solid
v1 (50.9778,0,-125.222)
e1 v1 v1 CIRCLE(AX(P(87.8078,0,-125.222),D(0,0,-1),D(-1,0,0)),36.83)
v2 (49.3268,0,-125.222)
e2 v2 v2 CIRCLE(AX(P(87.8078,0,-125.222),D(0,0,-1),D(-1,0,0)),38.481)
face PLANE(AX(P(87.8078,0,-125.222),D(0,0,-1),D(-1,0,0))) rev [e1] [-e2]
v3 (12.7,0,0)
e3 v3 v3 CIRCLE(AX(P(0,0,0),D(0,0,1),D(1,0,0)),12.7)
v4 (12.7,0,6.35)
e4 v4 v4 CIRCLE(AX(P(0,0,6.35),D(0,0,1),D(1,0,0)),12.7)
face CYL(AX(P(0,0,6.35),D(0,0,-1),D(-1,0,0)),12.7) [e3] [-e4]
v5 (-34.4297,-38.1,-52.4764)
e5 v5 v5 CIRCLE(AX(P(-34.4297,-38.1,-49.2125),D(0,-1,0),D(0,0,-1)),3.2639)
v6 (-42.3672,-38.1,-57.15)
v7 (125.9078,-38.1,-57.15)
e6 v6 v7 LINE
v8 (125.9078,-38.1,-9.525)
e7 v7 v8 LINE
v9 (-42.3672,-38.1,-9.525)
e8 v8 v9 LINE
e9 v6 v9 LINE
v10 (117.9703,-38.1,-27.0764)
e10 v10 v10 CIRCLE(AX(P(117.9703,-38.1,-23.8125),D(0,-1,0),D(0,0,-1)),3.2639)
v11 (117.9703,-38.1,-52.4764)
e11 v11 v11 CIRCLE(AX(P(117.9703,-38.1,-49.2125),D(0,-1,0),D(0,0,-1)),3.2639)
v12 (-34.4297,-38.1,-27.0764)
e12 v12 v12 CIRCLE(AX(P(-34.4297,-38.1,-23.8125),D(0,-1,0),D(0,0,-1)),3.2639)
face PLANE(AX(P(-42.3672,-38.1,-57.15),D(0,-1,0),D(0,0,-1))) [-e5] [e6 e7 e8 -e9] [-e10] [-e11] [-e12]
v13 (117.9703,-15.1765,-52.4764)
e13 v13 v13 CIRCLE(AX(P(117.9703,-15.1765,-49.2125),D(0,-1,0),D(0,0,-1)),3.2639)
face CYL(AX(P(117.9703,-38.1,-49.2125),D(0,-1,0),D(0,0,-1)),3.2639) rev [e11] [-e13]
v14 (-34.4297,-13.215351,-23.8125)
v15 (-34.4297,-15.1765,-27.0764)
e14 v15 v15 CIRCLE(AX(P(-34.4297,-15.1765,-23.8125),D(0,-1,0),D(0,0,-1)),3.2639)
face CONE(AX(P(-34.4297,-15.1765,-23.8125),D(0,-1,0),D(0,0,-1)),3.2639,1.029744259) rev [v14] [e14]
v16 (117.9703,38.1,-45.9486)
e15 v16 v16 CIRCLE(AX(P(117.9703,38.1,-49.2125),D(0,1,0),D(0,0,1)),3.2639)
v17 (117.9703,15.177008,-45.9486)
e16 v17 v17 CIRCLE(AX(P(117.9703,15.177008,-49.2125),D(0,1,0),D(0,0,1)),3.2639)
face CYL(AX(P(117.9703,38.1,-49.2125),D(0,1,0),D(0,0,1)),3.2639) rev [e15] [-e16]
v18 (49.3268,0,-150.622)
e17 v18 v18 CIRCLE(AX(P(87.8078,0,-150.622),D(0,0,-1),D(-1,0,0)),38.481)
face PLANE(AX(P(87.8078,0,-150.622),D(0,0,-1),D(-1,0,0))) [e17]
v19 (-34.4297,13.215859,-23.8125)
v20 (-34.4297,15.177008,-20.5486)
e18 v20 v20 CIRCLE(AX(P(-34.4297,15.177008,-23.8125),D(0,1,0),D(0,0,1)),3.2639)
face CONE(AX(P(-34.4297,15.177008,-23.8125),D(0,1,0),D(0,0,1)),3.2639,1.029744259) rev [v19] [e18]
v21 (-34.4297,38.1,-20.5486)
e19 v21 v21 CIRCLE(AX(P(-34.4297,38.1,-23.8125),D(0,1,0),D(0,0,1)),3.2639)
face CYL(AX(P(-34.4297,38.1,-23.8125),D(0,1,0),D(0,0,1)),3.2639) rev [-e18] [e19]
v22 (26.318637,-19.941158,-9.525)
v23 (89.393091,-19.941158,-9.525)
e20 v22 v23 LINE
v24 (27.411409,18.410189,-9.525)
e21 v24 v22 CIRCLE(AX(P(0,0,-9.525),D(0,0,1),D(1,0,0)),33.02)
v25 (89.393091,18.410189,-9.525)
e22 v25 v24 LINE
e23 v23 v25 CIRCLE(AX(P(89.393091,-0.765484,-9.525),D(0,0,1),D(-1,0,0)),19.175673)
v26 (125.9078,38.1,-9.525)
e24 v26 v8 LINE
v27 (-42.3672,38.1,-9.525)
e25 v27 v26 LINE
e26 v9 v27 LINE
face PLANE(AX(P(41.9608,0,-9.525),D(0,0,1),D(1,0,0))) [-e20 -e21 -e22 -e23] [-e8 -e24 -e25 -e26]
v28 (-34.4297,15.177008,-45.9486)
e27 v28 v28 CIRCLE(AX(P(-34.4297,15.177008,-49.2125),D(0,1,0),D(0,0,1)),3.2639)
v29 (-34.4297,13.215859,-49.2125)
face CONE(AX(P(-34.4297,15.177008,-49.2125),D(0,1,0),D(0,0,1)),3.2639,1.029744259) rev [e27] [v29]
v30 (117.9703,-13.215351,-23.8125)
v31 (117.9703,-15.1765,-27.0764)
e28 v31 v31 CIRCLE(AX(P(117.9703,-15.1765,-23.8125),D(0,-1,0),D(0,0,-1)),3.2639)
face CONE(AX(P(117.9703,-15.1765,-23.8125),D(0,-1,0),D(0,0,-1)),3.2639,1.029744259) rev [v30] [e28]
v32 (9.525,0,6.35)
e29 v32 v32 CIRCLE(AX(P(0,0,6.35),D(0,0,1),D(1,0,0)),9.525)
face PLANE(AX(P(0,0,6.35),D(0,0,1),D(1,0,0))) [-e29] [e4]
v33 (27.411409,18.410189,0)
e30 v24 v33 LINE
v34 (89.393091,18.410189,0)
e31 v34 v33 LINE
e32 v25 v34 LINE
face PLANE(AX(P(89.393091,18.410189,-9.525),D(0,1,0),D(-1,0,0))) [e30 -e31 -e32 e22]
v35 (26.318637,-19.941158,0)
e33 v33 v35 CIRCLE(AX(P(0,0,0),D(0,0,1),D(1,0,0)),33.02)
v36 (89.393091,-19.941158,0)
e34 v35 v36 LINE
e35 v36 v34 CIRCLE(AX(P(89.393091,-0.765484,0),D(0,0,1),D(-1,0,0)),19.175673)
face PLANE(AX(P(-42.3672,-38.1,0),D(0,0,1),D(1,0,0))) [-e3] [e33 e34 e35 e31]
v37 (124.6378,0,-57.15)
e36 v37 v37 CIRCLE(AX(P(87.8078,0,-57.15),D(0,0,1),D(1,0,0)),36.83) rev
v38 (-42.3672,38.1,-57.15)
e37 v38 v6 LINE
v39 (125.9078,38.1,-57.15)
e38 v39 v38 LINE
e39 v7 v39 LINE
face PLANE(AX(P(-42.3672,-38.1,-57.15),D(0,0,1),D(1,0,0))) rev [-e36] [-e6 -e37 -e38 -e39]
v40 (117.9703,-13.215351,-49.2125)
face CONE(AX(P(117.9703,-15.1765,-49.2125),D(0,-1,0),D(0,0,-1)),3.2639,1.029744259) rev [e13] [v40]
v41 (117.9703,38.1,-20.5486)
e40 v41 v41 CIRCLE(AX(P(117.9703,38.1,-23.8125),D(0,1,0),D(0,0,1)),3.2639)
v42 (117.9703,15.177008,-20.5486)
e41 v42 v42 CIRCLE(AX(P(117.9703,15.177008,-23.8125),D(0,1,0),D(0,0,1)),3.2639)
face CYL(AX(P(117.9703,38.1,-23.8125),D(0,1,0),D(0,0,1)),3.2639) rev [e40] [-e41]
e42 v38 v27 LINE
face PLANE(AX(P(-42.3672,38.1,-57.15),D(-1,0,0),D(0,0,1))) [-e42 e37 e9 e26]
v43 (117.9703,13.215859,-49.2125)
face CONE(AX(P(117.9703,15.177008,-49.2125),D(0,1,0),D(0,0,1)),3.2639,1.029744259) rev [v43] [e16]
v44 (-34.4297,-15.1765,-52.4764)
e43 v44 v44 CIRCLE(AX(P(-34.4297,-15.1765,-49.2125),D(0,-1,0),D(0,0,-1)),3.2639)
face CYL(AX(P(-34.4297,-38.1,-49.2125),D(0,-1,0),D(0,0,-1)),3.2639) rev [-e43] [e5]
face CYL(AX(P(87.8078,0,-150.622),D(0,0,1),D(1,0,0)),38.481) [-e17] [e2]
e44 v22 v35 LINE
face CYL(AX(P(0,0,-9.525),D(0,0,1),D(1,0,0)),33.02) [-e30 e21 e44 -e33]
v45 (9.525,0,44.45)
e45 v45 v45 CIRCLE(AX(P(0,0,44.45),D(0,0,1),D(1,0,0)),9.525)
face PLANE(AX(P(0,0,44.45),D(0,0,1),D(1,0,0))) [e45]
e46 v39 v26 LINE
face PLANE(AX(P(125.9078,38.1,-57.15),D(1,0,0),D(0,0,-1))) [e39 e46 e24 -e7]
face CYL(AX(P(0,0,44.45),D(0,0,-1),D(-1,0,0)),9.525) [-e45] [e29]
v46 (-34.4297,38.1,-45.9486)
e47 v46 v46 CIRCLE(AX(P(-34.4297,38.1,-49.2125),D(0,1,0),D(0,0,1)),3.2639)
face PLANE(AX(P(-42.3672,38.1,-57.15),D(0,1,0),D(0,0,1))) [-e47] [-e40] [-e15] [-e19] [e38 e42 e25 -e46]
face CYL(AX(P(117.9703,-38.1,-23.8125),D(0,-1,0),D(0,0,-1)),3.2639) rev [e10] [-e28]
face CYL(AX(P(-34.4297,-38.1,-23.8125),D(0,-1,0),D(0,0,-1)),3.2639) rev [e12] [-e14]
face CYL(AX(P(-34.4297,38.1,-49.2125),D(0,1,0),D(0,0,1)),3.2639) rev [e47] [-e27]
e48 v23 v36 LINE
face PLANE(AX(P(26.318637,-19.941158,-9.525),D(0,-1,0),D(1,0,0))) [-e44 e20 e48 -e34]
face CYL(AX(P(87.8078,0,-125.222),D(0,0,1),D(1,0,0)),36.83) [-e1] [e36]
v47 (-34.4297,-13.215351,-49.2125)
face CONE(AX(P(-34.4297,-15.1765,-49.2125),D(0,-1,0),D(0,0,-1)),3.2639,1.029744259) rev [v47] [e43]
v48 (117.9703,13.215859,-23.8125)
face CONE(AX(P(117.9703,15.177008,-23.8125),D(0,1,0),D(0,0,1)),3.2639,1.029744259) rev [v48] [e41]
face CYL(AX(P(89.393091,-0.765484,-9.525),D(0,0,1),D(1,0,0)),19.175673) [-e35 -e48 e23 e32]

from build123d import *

# Parameters (mm, degrees)
SKETCH1_W                    = 168.275
SKETCH1_H                    = 76.2
EXTRUDE1_DEPTH               = 57.15
SKETCH2_R                    = 12.7
EXTRUDE2_DEPTH               = 6.35
SKETCH3_R                    = 9.525
EXTRUDE3_DEPTH               = 38.1
F_5_16_18_TAPPED_HOLE1_D     = 6.5278
F_5_16_18_TAPPED_HOLE1_DEPTH = 22.9235
F_5_16_18_TAPPED_HOLE1_TIP   = 1.961148974
SKETCH7_R                    = 36.83
EXTRUDE4_DEPTH               = 68.072
SKETCH8_R                    = 38.481
EXTRUDE5_DEPTH               = 25.4
F_5_16_18_TAPPED_HOLE2_D     = 6.5278
F_5_16_18_TAPPED_HOLE2_DEPTH = 22.922992
F_5_16_18_TAPPED_HOLE2_TIP   = 1.961148974
SKETCH11_OUTSIDE_W           = 224.478
SKETCH11_OUTSIDE_H           = 132.784
CUT_EXTRUDE1_DEPTH           = 9.525


with BuildPart() as part:
    # Sketch1 → Extrude1 (new body)
    with BuildSketch(Plane.XY):
        with Locations((41.7703, 0)):
            Rectangle(SKETCH1_W, SKETCH1_H)
    extrude(amount=-EXTRUDE1_DEPTH)

    # Sketch2 → Extrude2 (add)
    with BuildSketch(Plane.XY):
        Circle(SKETCH2_R)
    extrude(amount=EXTRUDE2_DEPTH)

    # Sketch3 → Extrude3 (add)
    with BuildSketch(Plane.XY.offset(6.35)):
        Circle(SKETCH3_R)
    extrude(amount=EXTRUDE3_DEPTH)

    # 5/16-18 Tapped Hole1
    with Locations(Plane.XZ.offset(38.1)):
        with Locations((-34.4297, -23.8125), (-34.4297, -49.2125), (117.9703, -49.2125), (117.9703, -23.8125)):
            Hole(F_5_16_18_TAPPED_HOLE1_D / 2, depth=F_5_16_18_TAPPED_HOLE1_DEPTH)
            with Locations((0, 0, -(F_5_16_18_TAPPED_HOLE1_DEPTH + F_5_16_18_TAPPED_HOLE1_TIP / 2))):  # 118° drill point
                Cone(0, F_5_16_18_TAPPED_HOLE1_D / 2, F_5_16_18_TAPPED_HOLE1_TIP, mode=Mode.SUBTRACT)

    # Sketch7 → Extrude4 (add)
    with BuildSketch(Plane(origin=(0, 0, -57.15), x_dir=(-1, 0, 0), z_dir=(0, 0, -1))):
        with Locations((-87.8078, 0)):
            Circle(SKETCH7_R)
    extrude(amount=EXTRUDE4_DEPTH)

    # Sketch8 → Extrude5 (add)
    with BuildSketch(Plane(origin=(0, 0, -125.222), x_dir=(-1, 0, 0), z_dir=(0, 0, -1))):
        with Locations((-87.8078, 0)):
            Circle(SKETCH8_R)
    extrude(amount=EXTRUDE5_DEPTH)

    # 5/16-18 Tapped Hole2
    with Locations(Plane(origin=(0, 38.1, 0), x_dir=(-1, 0, 0), z_dir=(0, 1, 0))):
        with Locations((34.4297, -23.8125), (34.4297, -49.2125), (-117.9703, -49.2125), (-117.9703, -23.8125)):
            Hole(F_5_16_18_TAPPED_HOLE2_D / 2, depth=F_5_16_18_TAPPED_HOLE2_DEPTH)
            with Locations((0, 0, -(F_5_16_18_TAPPED_HOLE2_DEPTH + F_5_16_18_TAPPED_HOLE2_TIP / 2))):  # 118° drill point
                Cone(0, F_5_16_18_TAPPED_HOLE2_D / 2, F_5_16_18_TAPPED_HOLE2_TIP, mode=Mode.SUBTRACT)

    # Sketch11 outside → Cut-Extrude1 (cut)
    with BuildSketch(Plane.XY):
        with Locations((41.961, 0)):
            Rectangle(SKETCH11_OUTSIDE_W, SKETCH11_OUTSIDE_H)
        with BuildLine():
            Line((89.393090644, 18.410189037), (27.411408932, 18.410189037))
            ThreePointArc((27.411408932, 18.410189037), (-33.006603821, 0.940480831), (26.318636507, -19.941157749))
            Line((26.318636507, -19.941157749), (89.393090644, -19.941157749))
            ThreePointArc((89.393090644, -19.941157749), (108.568764037, -0.765484356), (89.393090644, 18.410189037))
        make_face(mode=Mode.SUBTRACT)
    extrude(amount=-CUT_EXTRUDE1_DEPTH, mode=Mode.SUBTRACT)


solid = part.part
